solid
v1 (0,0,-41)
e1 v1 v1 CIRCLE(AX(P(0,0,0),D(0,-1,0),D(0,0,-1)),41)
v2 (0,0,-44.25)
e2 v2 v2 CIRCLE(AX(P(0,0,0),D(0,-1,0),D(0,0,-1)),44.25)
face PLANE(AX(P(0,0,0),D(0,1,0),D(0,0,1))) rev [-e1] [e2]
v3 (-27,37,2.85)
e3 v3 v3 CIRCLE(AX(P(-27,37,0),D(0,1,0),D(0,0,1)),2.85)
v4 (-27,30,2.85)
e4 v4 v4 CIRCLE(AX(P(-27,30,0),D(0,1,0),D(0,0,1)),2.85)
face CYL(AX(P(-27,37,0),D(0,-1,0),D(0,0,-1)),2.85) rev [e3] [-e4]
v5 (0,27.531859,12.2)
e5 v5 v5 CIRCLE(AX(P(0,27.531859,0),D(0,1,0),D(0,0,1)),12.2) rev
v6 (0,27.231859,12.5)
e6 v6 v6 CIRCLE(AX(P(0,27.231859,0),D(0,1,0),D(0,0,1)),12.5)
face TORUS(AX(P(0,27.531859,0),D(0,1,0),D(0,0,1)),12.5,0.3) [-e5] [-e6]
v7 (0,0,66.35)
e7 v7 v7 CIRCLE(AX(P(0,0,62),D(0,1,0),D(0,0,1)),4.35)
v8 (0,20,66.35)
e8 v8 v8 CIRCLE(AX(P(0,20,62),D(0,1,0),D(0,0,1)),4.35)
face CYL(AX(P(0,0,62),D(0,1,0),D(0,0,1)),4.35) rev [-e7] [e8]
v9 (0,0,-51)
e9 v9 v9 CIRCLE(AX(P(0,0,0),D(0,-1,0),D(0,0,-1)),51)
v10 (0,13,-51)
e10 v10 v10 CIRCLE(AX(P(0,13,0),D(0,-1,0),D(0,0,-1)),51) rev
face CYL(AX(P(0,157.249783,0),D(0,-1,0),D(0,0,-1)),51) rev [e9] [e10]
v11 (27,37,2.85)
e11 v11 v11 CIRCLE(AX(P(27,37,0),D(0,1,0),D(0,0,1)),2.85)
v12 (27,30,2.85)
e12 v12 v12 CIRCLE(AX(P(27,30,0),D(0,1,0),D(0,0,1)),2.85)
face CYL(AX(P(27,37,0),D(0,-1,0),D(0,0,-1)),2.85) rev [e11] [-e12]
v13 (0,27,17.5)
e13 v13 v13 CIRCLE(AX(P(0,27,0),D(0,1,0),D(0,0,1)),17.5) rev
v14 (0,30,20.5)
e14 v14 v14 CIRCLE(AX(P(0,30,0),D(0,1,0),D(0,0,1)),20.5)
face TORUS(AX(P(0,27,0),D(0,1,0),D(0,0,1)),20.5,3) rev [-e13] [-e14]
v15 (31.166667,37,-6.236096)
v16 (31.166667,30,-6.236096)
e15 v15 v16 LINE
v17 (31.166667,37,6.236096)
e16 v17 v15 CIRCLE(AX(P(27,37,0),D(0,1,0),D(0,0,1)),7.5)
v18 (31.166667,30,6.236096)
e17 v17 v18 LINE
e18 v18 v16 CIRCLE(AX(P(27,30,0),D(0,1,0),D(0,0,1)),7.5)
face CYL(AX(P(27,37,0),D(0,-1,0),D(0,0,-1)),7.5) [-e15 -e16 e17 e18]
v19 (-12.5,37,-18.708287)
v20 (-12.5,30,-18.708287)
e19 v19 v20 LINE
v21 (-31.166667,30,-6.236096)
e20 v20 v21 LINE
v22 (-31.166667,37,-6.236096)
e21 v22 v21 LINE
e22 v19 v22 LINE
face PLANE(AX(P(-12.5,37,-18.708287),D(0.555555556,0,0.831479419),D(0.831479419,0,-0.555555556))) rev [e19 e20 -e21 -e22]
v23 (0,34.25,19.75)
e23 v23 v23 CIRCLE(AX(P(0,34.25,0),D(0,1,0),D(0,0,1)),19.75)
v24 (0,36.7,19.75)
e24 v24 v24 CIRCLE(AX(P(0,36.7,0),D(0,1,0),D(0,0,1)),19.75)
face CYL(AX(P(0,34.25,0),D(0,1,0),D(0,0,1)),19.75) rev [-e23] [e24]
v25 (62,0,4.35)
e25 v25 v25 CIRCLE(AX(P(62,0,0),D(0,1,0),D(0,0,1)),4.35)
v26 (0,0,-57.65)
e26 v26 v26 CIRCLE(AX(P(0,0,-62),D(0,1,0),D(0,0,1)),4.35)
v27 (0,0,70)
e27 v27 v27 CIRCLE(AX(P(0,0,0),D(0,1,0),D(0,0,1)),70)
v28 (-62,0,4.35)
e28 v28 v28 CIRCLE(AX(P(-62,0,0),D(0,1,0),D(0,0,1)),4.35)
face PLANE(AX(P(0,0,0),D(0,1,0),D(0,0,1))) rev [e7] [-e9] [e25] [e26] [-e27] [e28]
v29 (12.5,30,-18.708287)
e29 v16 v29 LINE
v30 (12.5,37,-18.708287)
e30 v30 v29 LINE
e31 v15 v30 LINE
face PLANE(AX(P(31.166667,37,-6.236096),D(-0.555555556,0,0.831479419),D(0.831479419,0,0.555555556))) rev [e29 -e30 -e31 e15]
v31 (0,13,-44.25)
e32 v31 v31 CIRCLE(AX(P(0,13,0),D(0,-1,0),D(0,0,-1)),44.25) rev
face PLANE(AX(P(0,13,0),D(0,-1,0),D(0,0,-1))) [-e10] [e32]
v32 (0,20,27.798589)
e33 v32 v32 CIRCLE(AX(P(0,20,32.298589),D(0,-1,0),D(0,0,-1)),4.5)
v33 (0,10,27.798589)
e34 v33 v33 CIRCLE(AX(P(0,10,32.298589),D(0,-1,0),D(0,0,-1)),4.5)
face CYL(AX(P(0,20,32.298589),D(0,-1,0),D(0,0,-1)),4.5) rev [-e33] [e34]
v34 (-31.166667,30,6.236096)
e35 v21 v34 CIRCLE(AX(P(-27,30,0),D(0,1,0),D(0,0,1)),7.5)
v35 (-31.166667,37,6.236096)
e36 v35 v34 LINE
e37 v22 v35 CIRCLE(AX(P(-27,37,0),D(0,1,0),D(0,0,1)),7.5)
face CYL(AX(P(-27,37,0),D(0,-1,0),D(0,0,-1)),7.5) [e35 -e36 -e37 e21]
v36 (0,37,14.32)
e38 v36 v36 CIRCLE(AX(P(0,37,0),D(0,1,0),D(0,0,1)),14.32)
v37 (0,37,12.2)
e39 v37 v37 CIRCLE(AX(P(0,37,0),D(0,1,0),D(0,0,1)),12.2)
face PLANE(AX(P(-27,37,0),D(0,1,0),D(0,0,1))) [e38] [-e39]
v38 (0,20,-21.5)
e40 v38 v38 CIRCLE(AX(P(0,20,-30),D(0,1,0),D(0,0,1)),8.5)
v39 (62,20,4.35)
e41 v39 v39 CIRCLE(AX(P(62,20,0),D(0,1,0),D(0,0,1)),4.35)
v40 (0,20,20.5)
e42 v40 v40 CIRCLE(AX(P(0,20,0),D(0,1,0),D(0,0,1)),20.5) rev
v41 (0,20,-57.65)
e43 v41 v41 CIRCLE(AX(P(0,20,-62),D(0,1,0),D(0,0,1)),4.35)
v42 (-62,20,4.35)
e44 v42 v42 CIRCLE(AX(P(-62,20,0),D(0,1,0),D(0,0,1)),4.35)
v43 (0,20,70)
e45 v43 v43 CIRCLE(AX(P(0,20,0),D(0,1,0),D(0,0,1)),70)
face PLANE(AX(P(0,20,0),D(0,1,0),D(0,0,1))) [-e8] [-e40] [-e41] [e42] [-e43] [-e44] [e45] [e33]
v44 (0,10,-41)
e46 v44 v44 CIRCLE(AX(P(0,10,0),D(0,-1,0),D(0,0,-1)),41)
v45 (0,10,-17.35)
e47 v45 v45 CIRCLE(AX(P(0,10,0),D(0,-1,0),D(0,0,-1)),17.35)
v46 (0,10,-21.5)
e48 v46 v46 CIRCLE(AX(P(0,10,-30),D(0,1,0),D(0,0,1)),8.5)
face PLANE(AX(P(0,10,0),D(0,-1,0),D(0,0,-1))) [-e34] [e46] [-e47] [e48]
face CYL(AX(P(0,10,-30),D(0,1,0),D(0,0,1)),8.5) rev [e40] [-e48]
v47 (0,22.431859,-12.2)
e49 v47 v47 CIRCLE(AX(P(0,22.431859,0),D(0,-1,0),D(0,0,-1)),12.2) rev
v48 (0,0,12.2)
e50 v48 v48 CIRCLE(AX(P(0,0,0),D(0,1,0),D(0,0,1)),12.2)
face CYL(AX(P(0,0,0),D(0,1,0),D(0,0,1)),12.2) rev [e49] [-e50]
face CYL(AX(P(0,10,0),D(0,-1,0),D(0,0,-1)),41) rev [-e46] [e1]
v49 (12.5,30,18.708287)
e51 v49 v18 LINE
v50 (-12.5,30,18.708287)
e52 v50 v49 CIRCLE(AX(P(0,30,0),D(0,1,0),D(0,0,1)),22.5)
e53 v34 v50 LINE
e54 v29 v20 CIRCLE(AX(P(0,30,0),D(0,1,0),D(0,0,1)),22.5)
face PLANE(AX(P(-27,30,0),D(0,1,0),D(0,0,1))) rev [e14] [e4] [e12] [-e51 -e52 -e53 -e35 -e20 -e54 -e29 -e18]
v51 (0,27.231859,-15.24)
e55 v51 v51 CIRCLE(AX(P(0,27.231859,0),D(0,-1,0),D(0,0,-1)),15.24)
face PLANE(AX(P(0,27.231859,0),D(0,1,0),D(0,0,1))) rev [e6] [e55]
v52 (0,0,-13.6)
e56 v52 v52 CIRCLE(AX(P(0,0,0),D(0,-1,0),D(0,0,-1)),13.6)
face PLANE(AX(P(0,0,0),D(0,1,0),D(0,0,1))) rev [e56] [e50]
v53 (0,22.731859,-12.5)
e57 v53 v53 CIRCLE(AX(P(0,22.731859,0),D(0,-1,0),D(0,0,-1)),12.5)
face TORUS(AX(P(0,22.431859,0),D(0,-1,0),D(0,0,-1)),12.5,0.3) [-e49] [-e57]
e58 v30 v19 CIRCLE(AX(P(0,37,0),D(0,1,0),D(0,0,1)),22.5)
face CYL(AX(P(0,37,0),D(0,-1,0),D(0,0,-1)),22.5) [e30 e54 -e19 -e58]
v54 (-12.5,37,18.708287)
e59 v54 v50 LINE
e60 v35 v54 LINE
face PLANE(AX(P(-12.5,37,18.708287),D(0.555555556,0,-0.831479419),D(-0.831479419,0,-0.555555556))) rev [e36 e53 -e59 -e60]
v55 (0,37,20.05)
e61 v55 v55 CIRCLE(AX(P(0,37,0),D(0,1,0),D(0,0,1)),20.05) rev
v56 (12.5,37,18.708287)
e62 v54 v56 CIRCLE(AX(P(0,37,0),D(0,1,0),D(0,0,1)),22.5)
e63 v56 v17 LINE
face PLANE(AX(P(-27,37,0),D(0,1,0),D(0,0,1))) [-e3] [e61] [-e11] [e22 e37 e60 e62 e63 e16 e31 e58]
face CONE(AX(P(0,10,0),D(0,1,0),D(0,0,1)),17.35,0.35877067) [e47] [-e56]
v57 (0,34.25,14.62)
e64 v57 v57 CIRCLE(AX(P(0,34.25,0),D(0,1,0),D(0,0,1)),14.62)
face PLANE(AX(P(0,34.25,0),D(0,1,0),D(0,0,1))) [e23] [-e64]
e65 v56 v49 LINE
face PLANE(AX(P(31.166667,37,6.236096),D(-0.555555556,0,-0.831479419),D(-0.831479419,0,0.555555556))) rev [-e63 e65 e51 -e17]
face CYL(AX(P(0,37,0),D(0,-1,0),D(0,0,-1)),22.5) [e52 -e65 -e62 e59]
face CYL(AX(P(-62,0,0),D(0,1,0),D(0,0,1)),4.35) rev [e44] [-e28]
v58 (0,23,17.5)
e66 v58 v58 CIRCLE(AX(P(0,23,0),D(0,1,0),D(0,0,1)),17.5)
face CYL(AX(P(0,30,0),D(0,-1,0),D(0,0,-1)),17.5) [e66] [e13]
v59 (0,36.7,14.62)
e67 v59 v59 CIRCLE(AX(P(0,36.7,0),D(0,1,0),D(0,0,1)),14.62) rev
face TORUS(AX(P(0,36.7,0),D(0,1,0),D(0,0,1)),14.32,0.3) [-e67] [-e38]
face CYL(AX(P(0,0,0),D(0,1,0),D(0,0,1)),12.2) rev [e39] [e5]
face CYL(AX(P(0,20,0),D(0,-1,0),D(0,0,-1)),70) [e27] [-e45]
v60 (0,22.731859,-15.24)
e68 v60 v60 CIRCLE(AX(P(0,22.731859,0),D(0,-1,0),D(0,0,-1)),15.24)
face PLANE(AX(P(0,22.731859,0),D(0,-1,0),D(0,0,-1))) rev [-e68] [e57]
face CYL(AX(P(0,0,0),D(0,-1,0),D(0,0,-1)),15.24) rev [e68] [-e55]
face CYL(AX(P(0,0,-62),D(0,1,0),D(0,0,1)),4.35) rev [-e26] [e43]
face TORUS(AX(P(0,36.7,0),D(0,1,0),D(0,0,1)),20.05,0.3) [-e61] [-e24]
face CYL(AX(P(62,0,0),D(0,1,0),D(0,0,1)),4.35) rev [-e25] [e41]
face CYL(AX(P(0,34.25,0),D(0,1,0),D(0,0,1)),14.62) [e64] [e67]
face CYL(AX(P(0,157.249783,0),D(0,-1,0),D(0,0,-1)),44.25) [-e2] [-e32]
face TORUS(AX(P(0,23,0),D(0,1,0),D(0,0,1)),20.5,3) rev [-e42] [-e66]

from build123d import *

# Parameters (mm, degrees)
IZIM1_R                     = 70
Y_KSEKLIK_EKSTR_ZYON1_DEPTH = 20
IZIM2_R                     = 50.03
IZIM2_R_2                   = 45
IZIM2_R_3                   = 41
IZIM2_R_4                   = 17.35
KES_EKSTR_ZYON1_DEPTH       = 10
IZIM5_R                     = 17.5
Y_KSEKLIK_EKSTR_ZYON2_DEPTH = 10
IZIM7_R                     = 2.85
Y_KSEKLIK_EKSTR_ZYON3_DEPTH = 7
IZIM8_R                     = 12.2
KES_EKSTR_ZYON3_DEPTH       = 106.683489723
IZIM9_R                     = 19.75
IZIM9_R_2                   = 14.62
KES_EKSTR_ZYON4_DEPTH       = 2.75
RADYUS1_R                   = 0.3
RADYUS2_R                   = 3
IZIM10_W                    = 3.410740466
IZIM10_H                    = 4.5
IZIM12_R                    = 4.35
KES_EKSTR_ZYON5_DEPTH       = 101.995049384
IZIM13_R                    = 8.5
KES_EKSTR_ZYON6_DEPTH       = 10
IZIM14_R                    = 50.03
IZIM14_R_2                  = 45
KES_EKSTR_ZYON7_DEPTH       = 3
IZIM15_R                    = 4.5
KES_EKSTR_ZYON9_DEPTH       = 10
IZIM16_R                    = 51
IZIM16_R_2                  = 44.25
KES_EKSTR_ZYON10_DEPTH      = 13
RADYUS3_R                   = 0.3


with BuildPart() as part:
    # Çizim1 → Yükseklik-Ekstrüzyon1 (new body)
    with BuildSketch(Plane(origin=(0, 0, 0), x_dir=(1, 0, 0), z_dir=(0, 1, 0))):
        with Locations(Location((0, 0, 0), (0, 0, 270))):
            Circle(IZIM1_R)
    extrude(amount=Y_KSEKLIK_EKSTR_ZYON1_DEPTH)

    # Çizim2 → Kes-Ekstrüzyon1 (cut)
    # profile 1 of 2: a face of its own
    with BuildSketch(Plane.XZ):
        with Locations(Location((0, 0, 0), (0, 0, 270))):
            Circle(IZIM2_R)
        with Locations(Location((0, 0, 0), (0, 0, 270))):
            Circle(IZIM2_R_2, mode=Mode.SUBTRACT)
    # profile 2 of 2: a face of its own
    with BuildSketch(Plane.XZ):
        with Locations(Location((0, 0, 0), (0, 0, 270))):
            Circle(IZIM2_R_3)
        with Locations(Location((0, 0, 0), (0, 0, 270))):
            Circle(IZIM2_R_4, mode=Mode.SUBTRACT)
    extrude(amount=-KES_EKSTR_ZYON1_DEPTH, mode=Mode.SUBTRACT)

    # Çizim4 → Kes-Döndür1 (revolve, cut)
    with BuildSketch(Plane.XY, mode=Mode.PRIVATE) as kes_d_nd_r1_sk:
        Polygon((-17.35, 10), (-17.35, 0), (-13.6, 0), align=None)
    revolve(kes_d_nd_r1_sk.sketch.rotate(Axis((0, 0, 0), (0, 1, 0)), 270), axis=Axis((0, 0, 0), (0, 1, 0)), mode=Mode.SUBTRACT)

    # Çizim5 → Yükseklik-Ekstrüzyon2 (add)
    with BuildSketch(Plane(origin=(0, 20, 0), x_dir=(1, 0, 0), z_dir=(0, 1, 0))):
        with Locations(Location((0, 0, 0), (0, 0, 270))):
            Circle(IZIM5_R)
    extrude(amount=Y_KSEKLIK_EKSTR_ZYON2_DEPTH)

    # Çizim7 → Yükseklik-Ekstrüzyon3 (add)
    with BuildSketch(Plane(origin=(0, 30, 0), x_dir=(1, 0, 0), z_dir=(0, 1, 0))):
        with BuildLine():
            Line((31.166666667, -6.236095645), (12.5, -18.708286934))
            ThreePointArc((12.5, -18.708286934), (0, -22.5), (-12.5, -18.708286934))
            Line((-12.5, -18.708286934), (-31.166666667, -6.236095645))
            ThreePointArc((-31.166666667, -6.236095645), (-34.5, 0), (-31.166666667, 6.236095645))
            Line((-31.166666667, 6.236095645), (-12.5, 18.708286934))
            ThreePointArc((-12.5, 18.708286934), (0, 22.5), (12.5, 18.708286934))
            Line((12.5, 18.708286934), (31.166666667, 6.236095645))
            ThreePointArc((31.166666667, 6.236095645), (34.5, 0), (31.166666667, -6.236095645))
        make_face()
        with Locations(Location((-27, 0, 0), (0, 0, 270))):
            Circle(IZIM7_R, mode=Mode.SUBTRACT)
        with Locations(Location((27, 0, 0), (0, 0, 270))):
            Circle(IZIM7_R, mode=Mode.SUBTRACT)
    extrude(amount=Y_KSEKLIK_EKSTR_ZYON3_DEPTH)

    # Çizim8 → Kes-Ekstrüzyon3 (cut, through all)
    with BuildSketch(Plane(origin=(0, 37, 0), x_dir=(1, 0, 0), z_dir=(0, 1, 0))):
        with Locations(Location((0, 0, 0), (0, 0, 270))):
            Circle(IZIM8_R)
    extrude(amount=-KES_EKSTR_ZYON3_DEPTH, mode=Mode.SUBTRACT)

    # Çizim9 → Kes-Ekstrüzyon4 (cut)
    with BuildSketch(Plane(origin=(0, 37, 0), x_dir=(1, 0, 0), z_dir=(0, 1, 0))):
        with Locations(Location((0, 0, 0), (0, 0, 270))):
            Circle(IZIM9_R)
        with Locations(Location((0, 0, 0), (0, 0, 270))):
            Circle(IZIM9_R_2, mode=Mode.SUBTRACT)
    extrude(amount=-KES_EKSTR_ZYON4_DEPTH, mode=Mode.SUBTRACT)

    # Radyus1
    radyus1_edges = [part.edges().sort_by_distance(p)[0] for p in [
        (0, 37, -19.75),
        (0, 37, -14.62),
    ]]
    fillet(radyus1_edges, radius=RADYUS1_R)

    # Radyus2
    radyus2_edges = [part.edges().sort_by_distance(p)[0] for p in [
        (0, 20, -17.5),
        (0, 30, -17.5),
    ]]
    fillet(radyus2_edges, radius=RADYUS2_R)

    # Çizim10 → Kes-Döndür2 (revolve, cut)
    with BuildSketch(Plane.XY, mode=Mode.PRIVATE) as kes_d_nd_r2_sk:
        with Locations((-13.534629767, 24.981859074)):
            Rectangle(IZIM10_W, IZIM10_H)
    revolve(kes_d_nd_r2_sk.sketch.rotate(Axis((0, 0, 0), (0, 1, 0)), 90), axis=Axis((0, 0, 0), (0, 1, 0)), mode=Mode.SUBTRACT)

    # Çizim12 → Kes-Ekstrüzyon5 (cut, through all)
    with BuildSketch(Plane(origin=(0, 20, 0), x_dir=(1, 0, 0), z_dir=(0, 1, 0))):
        with Locations(Location((0, 62, 0), (0, 0, 270))):
            Circle(IZIM12_R)
        with Locations(Location((62, 0, 0), (0, 0, 270))):
            Circle(IZIM12_R)
        with Locations(Location((0, -62, 0), (0, 0, 270))):
            Circle(IZIM12_R)
        with Locations(Location((-62, 0, 0), (0, 0, 270))):
            Circle(IZIM12_R)
    extrude(amount=-KES_EKSTR_ZYON5_DEPTH, mode=Mode.SUBTRACT)

    # Çizim13 → Kes-Ekstrüzyon6 (cut)
    with BuildSketch(Plane(origin=(0, 20, 0), x_dir=(1, 0, 0), z_dir=(0, 1, 0))):
        with Locations(Location((0, 30, 0), (0, 0, 270))):
            Circle(IZIM13_R)
    extrude(amount=-KES_EKSTR_ZYON6_DEPTH, mode=Mode.SUBTRACT)

    # Çizim14 → Kes-Ekstrüzyon7 (cut)
    with BuildSketch(Plane.XZ.offset(-10)):
        with Locations(Location((0, 0, 0), (0, 0, 270))):
            Circle(IZIM14_R)
        with Locations(Location((0, 0, 0), (0, 0, 270))):
            Circle(IZIM14_R_2, mode=Mode.SUBTRACT)
    extrude(amount=-KES_EKSTR_ZYON7_DEPTH, mode=Mode.SUBTRACT)

    # Çizim15 → Kes-Ekstrüzyon9 (cut)
    with BuildSketch(Plane.XZ.offset(-10)):
        with Locations(Location((0, 32.298588889, 0), (0, 0, 270))):
            Circle(IZIM15_R)
    extrude(amount=-KES_EKSTR_ZYON9_DEPTH, mode=Mode.SUBTRACT)

    # Çizim16 → Kes-Ekstrüzyon10 (cut)
    with BuildSketch(Plane.XZ):
        with Locations(Location((0, 0, 0), (0, 0, 270))):
            Circle(IZIM16_R)
        with Locations(Location((0, 0, 0), (0, 0, 270))):
            Circle(IZIM16_R_2, mode=Mode.SUBTRACT)
    extrude(amount=-KES_EKSTR_ZYON10_DEPTH, mode=Mode.SUBTRACT)

    # Radyus3
    radyus3_edges = [part.edges().sort_by_distance(p)[0] for p in [
        (0, 27.231859074, -12.2),
        (0, 22.731859074, -12.2),
    ]]
    fillet(radyus3_edges, radius=RADYUS3_R)


solid = part.part
